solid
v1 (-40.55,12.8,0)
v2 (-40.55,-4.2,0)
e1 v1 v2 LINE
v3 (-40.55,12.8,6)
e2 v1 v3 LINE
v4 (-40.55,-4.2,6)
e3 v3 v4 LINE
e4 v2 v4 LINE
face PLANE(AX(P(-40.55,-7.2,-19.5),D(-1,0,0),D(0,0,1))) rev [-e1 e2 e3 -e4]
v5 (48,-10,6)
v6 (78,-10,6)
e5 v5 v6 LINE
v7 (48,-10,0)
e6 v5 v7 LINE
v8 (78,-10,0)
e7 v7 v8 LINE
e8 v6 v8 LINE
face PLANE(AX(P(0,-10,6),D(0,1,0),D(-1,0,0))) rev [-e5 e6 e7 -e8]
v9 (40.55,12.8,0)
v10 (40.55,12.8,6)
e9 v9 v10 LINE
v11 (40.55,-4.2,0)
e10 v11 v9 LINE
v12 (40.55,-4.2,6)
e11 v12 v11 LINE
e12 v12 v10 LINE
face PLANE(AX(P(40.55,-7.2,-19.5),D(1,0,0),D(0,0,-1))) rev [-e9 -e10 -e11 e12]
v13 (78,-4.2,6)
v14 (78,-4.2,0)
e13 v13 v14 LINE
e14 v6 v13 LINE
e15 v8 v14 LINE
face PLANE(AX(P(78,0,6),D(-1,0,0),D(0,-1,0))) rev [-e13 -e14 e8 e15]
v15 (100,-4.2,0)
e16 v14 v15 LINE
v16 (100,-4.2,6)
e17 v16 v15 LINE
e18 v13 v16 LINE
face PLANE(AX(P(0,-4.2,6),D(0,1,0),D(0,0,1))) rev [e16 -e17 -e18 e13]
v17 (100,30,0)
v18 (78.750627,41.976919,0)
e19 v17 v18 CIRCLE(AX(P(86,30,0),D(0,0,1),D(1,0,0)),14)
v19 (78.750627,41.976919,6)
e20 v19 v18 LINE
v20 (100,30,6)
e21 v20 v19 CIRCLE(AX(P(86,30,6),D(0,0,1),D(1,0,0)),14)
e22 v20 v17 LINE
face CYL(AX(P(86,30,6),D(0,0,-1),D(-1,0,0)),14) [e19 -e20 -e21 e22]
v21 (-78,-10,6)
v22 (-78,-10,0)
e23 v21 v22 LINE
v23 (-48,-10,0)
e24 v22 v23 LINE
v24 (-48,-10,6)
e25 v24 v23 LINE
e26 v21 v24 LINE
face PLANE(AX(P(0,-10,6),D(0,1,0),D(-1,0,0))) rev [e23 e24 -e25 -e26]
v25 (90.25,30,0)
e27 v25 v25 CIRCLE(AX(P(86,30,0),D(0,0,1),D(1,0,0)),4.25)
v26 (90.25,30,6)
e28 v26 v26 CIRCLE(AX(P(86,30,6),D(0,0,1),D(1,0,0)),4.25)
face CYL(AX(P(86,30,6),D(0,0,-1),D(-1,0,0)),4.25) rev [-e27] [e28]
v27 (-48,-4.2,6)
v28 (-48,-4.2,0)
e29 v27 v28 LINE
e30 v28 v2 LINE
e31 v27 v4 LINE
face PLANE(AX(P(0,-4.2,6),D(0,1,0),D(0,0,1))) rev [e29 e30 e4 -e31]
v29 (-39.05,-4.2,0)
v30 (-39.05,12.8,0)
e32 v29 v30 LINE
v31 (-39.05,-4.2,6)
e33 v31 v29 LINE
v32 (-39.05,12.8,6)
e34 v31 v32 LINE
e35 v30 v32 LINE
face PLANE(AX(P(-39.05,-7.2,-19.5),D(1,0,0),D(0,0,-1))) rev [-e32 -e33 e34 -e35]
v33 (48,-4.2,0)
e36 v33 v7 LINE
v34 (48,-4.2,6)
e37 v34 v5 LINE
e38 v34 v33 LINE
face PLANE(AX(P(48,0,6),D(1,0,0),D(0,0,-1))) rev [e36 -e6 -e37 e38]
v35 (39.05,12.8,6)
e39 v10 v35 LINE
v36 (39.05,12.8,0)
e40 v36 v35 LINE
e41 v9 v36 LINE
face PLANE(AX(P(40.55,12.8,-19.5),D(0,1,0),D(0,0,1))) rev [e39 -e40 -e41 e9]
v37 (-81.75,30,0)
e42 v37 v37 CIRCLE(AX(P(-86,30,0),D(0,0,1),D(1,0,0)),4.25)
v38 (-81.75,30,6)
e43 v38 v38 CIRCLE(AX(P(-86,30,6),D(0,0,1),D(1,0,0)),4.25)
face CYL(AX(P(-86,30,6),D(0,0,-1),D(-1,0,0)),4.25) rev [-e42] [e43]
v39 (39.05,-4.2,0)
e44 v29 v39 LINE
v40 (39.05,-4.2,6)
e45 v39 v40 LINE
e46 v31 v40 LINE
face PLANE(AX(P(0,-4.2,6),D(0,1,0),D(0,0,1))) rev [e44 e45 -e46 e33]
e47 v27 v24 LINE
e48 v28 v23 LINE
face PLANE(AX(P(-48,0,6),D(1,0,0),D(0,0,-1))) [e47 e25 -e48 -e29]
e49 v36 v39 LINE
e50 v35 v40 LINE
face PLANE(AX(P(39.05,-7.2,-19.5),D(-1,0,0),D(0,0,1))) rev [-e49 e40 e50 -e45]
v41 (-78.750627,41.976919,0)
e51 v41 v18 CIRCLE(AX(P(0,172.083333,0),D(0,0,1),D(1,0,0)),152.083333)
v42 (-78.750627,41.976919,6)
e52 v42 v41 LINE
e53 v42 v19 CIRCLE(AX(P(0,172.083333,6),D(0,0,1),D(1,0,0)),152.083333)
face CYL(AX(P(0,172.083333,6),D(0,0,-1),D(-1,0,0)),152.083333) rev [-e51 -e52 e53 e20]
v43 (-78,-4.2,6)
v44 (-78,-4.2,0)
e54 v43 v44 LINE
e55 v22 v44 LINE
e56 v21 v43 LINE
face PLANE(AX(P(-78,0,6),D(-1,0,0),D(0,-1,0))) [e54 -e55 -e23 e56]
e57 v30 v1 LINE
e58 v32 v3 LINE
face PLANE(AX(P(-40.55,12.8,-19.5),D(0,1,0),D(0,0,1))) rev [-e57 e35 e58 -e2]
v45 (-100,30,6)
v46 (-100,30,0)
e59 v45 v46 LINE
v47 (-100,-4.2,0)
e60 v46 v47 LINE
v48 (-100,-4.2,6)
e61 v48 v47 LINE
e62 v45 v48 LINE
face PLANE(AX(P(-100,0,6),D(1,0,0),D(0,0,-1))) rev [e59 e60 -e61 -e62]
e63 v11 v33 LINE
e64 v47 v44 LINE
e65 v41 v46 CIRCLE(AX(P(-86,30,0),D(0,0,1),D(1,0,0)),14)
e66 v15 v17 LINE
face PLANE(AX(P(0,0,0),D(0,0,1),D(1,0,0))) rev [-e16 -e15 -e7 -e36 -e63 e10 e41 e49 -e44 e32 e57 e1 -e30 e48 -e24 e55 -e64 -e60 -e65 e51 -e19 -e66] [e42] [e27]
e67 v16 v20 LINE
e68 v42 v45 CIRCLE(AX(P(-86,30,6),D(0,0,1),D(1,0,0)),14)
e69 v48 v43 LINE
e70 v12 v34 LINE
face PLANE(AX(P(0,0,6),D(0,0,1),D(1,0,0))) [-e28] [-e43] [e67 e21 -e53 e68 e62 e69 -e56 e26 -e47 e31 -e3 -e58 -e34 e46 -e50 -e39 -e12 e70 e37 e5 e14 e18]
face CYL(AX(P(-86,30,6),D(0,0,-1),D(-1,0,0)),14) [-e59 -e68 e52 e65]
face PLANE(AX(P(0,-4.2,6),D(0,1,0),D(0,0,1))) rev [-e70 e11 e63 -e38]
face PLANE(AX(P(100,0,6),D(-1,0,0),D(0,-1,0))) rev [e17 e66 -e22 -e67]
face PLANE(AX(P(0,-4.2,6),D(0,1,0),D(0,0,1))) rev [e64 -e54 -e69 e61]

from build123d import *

# Parameters (mm, degrees)
ESBO_O1_R                = 4.25
RESSALTO_EXTRUS_O1_DEPTH = 6
ESBO_O2_W                = 1.5
ESBO_O2_H                = 20
CORTE_EXTRUS_O1_DEPTH    = 25.5


with BuildPart() as part:
    # Esboço1 → Ressalto-extrusão1 (new body)
    with BuildSketch(Plane.XY):
        with BuildLine():
            ThreePointArc((-78.750627195, 41.976919217), (-92.874182887, 42.196130929), (-100, 30))
            Line((-100, 30), (-100, -4.2))
            Line((-100, -4.2), (-78, -4.2))
            Line((-78, -4.2), (-78, -10))
            Line((-78, -10), (-48, -10))
            Line((-48, -10), (-48, -4.2))
            Line((-48, -4.2), (48, -4.2))
            Line((48, -4.2), (48, -10))
            Line((48, -10), (78, -10))
            Line((78, -10), (78, -4.2))
            Line((78, -4.2), (100, -4.2))
            Line((100, -4.2), (100, 30))
            ThreePointArc((100, 30), (92.874182887, 42.196130929), (78.750627195, 41.976919217))
            ThreePointArc((78.750627195, 41.976919217), (0, 20), (-78.750627195, 41.976919217))
        make_face()
        with Locations((-86, 30)):
            Circle(ESBO_O1_R, mode=Mode.SUBTRACT)
        with Locations((86, 30)):
            Circle(ESBO_O1_R, mode=Mode.SUBTRACT)
    extrude(amount=RESSALTO_EXTRUS_O1_DEPTH)

    # Esboço2 → Corte-extrusão1 (cut)
    with BuildSketch(Plane.XY.offset(6)):
        with Locations((-39.8, 2.8)):
            Rectangle(ESBO_O2_W, ESBO_O2_H)
        with Locations((39.8, 2.8)):
            Rectangle(ESBO_O2_W, ESBO_O2_H)
    extrude(amount=-CORTE_EXTRUS_O1_DEPTH, mode=Mode.SUBTRACT)


solid = part.part
